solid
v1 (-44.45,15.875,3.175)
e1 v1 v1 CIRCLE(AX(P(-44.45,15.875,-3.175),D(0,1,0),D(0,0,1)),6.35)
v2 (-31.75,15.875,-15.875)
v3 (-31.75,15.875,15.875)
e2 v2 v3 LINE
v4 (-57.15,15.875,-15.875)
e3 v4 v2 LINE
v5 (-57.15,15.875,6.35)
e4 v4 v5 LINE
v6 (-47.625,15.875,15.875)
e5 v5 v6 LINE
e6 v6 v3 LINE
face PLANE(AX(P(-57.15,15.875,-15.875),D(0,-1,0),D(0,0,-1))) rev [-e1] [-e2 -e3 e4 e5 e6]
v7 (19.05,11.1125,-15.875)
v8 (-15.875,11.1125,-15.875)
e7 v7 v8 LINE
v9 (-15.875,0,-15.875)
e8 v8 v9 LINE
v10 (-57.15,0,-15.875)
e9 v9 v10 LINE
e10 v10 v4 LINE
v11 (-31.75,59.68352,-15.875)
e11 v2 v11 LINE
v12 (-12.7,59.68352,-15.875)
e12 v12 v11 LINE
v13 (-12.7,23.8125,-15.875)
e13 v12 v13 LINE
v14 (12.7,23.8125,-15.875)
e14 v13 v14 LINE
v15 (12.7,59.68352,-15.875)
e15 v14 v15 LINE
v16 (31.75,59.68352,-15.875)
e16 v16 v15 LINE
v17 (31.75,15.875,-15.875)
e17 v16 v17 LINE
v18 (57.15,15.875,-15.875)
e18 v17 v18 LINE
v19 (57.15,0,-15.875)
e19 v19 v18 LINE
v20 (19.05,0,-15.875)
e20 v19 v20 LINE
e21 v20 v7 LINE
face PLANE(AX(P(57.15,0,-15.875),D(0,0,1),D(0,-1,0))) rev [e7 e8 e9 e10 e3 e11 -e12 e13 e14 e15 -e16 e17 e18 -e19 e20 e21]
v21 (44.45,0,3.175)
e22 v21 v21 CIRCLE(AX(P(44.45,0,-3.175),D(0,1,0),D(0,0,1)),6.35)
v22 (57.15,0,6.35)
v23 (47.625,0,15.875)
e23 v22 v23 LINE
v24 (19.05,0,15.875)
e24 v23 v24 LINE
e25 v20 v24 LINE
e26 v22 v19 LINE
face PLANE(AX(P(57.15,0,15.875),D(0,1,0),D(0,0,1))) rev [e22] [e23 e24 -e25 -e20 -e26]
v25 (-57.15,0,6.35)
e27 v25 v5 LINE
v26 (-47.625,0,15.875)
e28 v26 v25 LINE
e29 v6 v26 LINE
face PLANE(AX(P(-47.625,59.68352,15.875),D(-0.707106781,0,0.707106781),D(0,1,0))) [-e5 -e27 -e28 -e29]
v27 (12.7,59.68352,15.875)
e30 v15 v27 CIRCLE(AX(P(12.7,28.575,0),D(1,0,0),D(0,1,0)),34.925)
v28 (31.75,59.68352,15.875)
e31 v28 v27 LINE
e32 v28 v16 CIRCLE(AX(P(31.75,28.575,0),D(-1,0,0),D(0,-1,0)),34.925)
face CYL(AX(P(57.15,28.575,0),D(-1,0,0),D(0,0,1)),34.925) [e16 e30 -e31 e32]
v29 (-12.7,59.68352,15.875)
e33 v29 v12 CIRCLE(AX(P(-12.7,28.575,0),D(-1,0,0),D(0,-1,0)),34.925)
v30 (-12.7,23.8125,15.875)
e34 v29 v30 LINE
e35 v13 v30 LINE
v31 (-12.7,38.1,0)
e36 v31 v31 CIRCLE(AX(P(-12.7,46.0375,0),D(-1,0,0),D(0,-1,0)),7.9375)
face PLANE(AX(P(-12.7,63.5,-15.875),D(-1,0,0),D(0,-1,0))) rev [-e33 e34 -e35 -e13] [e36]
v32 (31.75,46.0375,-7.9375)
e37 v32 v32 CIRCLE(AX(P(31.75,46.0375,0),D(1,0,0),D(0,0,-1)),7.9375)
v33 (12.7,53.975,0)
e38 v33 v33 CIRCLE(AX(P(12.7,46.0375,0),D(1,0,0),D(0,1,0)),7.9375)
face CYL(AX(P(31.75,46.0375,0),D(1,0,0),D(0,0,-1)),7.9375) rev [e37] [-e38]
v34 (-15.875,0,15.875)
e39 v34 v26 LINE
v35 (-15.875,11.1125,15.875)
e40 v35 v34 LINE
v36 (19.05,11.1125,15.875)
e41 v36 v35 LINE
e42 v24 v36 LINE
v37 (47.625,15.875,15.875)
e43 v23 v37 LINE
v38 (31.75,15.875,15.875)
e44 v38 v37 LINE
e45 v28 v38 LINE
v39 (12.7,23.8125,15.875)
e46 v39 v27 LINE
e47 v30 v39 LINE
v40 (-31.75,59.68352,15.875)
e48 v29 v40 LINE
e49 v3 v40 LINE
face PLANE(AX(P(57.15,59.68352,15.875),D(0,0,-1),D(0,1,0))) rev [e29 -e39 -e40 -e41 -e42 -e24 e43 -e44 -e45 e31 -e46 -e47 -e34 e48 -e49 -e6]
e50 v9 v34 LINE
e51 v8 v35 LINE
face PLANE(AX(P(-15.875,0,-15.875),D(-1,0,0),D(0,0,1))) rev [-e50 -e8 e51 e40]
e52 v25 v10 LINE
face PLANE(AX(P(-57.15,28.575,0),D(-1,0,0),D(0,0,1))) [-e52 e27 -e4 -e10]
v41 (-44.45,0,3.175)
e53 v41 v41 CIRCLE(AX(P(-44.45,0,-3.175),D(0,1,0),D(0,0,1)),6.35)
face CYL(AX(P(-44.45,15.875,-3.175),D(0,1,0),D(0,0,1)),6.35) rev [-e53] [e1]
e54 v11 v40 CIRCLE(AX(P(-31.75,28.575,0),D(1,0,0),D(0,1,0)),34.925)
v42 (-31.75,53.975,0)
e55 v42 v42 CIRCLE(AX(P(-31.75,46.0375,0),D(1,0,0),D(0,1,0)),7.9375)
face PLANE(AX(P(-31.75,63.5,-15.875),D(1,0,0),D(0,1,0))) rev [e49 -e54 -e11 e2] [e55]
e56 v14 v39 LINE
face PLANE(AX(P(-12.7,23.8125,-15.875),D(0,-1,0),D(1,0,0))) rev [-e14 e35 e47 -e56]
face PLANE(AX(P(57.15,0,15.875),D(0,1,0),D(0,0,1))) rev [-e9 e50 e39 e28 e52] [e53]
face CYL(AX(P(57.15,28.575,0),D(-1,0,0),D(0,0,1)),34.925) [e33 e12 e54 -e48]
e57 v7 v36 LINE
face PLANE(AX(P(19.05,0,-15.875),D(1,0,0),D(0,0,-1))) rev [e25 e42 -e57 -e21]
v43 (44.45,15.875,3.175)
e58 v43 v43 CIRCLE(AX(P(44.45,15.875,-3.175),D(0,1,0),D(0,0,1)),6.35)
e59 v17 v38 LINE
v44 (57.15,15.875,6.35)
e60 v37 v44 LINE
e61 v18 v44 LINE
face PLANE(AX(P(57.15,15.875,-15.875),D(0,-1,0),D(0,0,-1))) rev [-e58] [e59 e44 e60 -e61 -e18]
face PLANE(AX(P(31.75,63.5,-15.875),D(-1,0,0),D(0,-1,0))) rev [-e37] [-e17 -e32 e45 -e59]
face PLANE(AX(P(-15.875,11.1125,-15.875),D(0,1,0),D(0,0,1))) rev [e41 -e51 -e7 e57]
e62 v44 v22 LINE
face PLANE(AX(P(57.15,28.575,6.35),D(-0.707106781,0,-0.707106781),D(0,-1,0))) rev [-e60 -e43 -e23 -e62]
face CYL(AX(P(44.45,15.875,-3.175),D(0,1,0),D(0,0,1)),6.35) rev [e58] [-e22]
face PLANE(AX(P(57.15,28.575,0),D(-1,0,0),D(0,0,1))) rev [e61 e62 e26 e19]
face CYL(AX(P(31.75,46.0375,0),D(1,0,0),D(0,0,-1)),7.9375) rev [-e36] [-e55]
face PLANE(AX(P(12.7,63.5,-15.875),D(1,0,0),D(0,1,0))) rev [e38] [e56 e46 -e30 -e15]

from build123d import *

# Parameters (mm, degrees)
BOSS_EXTRU_1_DEPTH                = 57.15
ESQUISSE2_W                       = 25.4
ESQUISSE2_H                       = 47.625
ESQUISSE2_H_2                     = 39.6875
ESQUISSE2_W_2                     = 34.925
ESQUISSE2_H_3                     = 11.1125
ENL_V_MAT_EXTRU_1_DEPTH           = 92.139645599
CHANFREIN1_SIZE                   = 9.525
DIAM_TRE_DU_PER_AGE_5_8_0_625_2_D = 15.875
DIAM_TRE_DU_PER_AGE_1_2_0_5_1_D   = 12.7


with BuildPart() as part:
    # Esquisse1 → Boss.-Extru.1 (new, symmetric)
    with BuildSketch(Plane(origin=(0, 0, 0), x_dir=(0, 0, -1), z_dir=(1, 0, 0))):
        with BuildLine():
            Line((-15.875, 59.683519733), (-15.875, 0))
            Line((-15.875, 0), (15.875, 0))
            Line((15.875, 0), (15.875, 59.683519733))
            ThreePointArc((15.875, 59.683519733), (0, 63.5), (-15.875, 59.683519733))
        make_face()
    extrude(amount=BOSS_EXTRU_1_DEPTH, both=True)

    # Esquisse2 → Enlèv. mat.-Extru.1 (cut, through all)
    with BuildSketch(Plane.XY.offset(15.875)):
        with Locations((44.45, 39.6875)):
            Rectangle(ESQUISSE2_W, ESQUISSE2_H)
        with Locations((-44.45, 39.6875)):
            Rectangle(ESQUISSE2_W, ESQUISSE2_H)
        with Locations((0, 43.65625)):
            Rectangle(ESQUISSE2_W, ESQUISSE2_H_2)
        with Locations((1.5875, 5.55625)):
            Rectangle(ESQUISSE2_W_2, ESQUISSE2_H_3)
    extrude(amount=-ENL_V_MAT_EXTRU_1_DEPTH, mode=Mode.SUBTRACT)

    # Chanfrein1
    chanfrein1_edges = [part.edges().sort_by_distance(p)[0] for p in [
        (-57.15, 7.9375, 15.875),
        (57.15, 7.9375, 15.875),
    ]]
    chamfer(chanfrein1_edges, length=CHANFREIN1_SIZE)

    # Diamètre du perçage 5/8 (0.625)2 (through all)
    with Locations(Plane(origin=(31.75, 0, 0), x_dir=(0, 0, -1), z_dir=(1, 0, 0))):
        with Locations((0, 46.0375)):
            Hole(DIAM_TRE_DU_PER_AGE_5_8_0_625_2_D / 2)

    # Diamètre du perçage 1/2 (0.5)1 (through all)
    with Locations(Plane(origin=(0, 15.875, 0), x_dir=(1, 0, 0), z_dir=(0, 1, 0))):
        with Locations((44.45, 3.175)):
            diam_tre_du_per_age_1_2_0_5_1 = Hole(DIAM_TRE_DU_PER_AGE_1_2_0_5_1_D / 2)

    # Symétrie1: Diamètre du perçage 1/2 (0.5)1 across plane
    add(diam_tre_du_per_age_1_2_0_5_1.mirror(Plane(origin=(0, 0, 0), x_dir=(0, 0, 1), z_dir=(1, 0, 0))), mode=Mode.SUBTRACT)


solid = part.part
